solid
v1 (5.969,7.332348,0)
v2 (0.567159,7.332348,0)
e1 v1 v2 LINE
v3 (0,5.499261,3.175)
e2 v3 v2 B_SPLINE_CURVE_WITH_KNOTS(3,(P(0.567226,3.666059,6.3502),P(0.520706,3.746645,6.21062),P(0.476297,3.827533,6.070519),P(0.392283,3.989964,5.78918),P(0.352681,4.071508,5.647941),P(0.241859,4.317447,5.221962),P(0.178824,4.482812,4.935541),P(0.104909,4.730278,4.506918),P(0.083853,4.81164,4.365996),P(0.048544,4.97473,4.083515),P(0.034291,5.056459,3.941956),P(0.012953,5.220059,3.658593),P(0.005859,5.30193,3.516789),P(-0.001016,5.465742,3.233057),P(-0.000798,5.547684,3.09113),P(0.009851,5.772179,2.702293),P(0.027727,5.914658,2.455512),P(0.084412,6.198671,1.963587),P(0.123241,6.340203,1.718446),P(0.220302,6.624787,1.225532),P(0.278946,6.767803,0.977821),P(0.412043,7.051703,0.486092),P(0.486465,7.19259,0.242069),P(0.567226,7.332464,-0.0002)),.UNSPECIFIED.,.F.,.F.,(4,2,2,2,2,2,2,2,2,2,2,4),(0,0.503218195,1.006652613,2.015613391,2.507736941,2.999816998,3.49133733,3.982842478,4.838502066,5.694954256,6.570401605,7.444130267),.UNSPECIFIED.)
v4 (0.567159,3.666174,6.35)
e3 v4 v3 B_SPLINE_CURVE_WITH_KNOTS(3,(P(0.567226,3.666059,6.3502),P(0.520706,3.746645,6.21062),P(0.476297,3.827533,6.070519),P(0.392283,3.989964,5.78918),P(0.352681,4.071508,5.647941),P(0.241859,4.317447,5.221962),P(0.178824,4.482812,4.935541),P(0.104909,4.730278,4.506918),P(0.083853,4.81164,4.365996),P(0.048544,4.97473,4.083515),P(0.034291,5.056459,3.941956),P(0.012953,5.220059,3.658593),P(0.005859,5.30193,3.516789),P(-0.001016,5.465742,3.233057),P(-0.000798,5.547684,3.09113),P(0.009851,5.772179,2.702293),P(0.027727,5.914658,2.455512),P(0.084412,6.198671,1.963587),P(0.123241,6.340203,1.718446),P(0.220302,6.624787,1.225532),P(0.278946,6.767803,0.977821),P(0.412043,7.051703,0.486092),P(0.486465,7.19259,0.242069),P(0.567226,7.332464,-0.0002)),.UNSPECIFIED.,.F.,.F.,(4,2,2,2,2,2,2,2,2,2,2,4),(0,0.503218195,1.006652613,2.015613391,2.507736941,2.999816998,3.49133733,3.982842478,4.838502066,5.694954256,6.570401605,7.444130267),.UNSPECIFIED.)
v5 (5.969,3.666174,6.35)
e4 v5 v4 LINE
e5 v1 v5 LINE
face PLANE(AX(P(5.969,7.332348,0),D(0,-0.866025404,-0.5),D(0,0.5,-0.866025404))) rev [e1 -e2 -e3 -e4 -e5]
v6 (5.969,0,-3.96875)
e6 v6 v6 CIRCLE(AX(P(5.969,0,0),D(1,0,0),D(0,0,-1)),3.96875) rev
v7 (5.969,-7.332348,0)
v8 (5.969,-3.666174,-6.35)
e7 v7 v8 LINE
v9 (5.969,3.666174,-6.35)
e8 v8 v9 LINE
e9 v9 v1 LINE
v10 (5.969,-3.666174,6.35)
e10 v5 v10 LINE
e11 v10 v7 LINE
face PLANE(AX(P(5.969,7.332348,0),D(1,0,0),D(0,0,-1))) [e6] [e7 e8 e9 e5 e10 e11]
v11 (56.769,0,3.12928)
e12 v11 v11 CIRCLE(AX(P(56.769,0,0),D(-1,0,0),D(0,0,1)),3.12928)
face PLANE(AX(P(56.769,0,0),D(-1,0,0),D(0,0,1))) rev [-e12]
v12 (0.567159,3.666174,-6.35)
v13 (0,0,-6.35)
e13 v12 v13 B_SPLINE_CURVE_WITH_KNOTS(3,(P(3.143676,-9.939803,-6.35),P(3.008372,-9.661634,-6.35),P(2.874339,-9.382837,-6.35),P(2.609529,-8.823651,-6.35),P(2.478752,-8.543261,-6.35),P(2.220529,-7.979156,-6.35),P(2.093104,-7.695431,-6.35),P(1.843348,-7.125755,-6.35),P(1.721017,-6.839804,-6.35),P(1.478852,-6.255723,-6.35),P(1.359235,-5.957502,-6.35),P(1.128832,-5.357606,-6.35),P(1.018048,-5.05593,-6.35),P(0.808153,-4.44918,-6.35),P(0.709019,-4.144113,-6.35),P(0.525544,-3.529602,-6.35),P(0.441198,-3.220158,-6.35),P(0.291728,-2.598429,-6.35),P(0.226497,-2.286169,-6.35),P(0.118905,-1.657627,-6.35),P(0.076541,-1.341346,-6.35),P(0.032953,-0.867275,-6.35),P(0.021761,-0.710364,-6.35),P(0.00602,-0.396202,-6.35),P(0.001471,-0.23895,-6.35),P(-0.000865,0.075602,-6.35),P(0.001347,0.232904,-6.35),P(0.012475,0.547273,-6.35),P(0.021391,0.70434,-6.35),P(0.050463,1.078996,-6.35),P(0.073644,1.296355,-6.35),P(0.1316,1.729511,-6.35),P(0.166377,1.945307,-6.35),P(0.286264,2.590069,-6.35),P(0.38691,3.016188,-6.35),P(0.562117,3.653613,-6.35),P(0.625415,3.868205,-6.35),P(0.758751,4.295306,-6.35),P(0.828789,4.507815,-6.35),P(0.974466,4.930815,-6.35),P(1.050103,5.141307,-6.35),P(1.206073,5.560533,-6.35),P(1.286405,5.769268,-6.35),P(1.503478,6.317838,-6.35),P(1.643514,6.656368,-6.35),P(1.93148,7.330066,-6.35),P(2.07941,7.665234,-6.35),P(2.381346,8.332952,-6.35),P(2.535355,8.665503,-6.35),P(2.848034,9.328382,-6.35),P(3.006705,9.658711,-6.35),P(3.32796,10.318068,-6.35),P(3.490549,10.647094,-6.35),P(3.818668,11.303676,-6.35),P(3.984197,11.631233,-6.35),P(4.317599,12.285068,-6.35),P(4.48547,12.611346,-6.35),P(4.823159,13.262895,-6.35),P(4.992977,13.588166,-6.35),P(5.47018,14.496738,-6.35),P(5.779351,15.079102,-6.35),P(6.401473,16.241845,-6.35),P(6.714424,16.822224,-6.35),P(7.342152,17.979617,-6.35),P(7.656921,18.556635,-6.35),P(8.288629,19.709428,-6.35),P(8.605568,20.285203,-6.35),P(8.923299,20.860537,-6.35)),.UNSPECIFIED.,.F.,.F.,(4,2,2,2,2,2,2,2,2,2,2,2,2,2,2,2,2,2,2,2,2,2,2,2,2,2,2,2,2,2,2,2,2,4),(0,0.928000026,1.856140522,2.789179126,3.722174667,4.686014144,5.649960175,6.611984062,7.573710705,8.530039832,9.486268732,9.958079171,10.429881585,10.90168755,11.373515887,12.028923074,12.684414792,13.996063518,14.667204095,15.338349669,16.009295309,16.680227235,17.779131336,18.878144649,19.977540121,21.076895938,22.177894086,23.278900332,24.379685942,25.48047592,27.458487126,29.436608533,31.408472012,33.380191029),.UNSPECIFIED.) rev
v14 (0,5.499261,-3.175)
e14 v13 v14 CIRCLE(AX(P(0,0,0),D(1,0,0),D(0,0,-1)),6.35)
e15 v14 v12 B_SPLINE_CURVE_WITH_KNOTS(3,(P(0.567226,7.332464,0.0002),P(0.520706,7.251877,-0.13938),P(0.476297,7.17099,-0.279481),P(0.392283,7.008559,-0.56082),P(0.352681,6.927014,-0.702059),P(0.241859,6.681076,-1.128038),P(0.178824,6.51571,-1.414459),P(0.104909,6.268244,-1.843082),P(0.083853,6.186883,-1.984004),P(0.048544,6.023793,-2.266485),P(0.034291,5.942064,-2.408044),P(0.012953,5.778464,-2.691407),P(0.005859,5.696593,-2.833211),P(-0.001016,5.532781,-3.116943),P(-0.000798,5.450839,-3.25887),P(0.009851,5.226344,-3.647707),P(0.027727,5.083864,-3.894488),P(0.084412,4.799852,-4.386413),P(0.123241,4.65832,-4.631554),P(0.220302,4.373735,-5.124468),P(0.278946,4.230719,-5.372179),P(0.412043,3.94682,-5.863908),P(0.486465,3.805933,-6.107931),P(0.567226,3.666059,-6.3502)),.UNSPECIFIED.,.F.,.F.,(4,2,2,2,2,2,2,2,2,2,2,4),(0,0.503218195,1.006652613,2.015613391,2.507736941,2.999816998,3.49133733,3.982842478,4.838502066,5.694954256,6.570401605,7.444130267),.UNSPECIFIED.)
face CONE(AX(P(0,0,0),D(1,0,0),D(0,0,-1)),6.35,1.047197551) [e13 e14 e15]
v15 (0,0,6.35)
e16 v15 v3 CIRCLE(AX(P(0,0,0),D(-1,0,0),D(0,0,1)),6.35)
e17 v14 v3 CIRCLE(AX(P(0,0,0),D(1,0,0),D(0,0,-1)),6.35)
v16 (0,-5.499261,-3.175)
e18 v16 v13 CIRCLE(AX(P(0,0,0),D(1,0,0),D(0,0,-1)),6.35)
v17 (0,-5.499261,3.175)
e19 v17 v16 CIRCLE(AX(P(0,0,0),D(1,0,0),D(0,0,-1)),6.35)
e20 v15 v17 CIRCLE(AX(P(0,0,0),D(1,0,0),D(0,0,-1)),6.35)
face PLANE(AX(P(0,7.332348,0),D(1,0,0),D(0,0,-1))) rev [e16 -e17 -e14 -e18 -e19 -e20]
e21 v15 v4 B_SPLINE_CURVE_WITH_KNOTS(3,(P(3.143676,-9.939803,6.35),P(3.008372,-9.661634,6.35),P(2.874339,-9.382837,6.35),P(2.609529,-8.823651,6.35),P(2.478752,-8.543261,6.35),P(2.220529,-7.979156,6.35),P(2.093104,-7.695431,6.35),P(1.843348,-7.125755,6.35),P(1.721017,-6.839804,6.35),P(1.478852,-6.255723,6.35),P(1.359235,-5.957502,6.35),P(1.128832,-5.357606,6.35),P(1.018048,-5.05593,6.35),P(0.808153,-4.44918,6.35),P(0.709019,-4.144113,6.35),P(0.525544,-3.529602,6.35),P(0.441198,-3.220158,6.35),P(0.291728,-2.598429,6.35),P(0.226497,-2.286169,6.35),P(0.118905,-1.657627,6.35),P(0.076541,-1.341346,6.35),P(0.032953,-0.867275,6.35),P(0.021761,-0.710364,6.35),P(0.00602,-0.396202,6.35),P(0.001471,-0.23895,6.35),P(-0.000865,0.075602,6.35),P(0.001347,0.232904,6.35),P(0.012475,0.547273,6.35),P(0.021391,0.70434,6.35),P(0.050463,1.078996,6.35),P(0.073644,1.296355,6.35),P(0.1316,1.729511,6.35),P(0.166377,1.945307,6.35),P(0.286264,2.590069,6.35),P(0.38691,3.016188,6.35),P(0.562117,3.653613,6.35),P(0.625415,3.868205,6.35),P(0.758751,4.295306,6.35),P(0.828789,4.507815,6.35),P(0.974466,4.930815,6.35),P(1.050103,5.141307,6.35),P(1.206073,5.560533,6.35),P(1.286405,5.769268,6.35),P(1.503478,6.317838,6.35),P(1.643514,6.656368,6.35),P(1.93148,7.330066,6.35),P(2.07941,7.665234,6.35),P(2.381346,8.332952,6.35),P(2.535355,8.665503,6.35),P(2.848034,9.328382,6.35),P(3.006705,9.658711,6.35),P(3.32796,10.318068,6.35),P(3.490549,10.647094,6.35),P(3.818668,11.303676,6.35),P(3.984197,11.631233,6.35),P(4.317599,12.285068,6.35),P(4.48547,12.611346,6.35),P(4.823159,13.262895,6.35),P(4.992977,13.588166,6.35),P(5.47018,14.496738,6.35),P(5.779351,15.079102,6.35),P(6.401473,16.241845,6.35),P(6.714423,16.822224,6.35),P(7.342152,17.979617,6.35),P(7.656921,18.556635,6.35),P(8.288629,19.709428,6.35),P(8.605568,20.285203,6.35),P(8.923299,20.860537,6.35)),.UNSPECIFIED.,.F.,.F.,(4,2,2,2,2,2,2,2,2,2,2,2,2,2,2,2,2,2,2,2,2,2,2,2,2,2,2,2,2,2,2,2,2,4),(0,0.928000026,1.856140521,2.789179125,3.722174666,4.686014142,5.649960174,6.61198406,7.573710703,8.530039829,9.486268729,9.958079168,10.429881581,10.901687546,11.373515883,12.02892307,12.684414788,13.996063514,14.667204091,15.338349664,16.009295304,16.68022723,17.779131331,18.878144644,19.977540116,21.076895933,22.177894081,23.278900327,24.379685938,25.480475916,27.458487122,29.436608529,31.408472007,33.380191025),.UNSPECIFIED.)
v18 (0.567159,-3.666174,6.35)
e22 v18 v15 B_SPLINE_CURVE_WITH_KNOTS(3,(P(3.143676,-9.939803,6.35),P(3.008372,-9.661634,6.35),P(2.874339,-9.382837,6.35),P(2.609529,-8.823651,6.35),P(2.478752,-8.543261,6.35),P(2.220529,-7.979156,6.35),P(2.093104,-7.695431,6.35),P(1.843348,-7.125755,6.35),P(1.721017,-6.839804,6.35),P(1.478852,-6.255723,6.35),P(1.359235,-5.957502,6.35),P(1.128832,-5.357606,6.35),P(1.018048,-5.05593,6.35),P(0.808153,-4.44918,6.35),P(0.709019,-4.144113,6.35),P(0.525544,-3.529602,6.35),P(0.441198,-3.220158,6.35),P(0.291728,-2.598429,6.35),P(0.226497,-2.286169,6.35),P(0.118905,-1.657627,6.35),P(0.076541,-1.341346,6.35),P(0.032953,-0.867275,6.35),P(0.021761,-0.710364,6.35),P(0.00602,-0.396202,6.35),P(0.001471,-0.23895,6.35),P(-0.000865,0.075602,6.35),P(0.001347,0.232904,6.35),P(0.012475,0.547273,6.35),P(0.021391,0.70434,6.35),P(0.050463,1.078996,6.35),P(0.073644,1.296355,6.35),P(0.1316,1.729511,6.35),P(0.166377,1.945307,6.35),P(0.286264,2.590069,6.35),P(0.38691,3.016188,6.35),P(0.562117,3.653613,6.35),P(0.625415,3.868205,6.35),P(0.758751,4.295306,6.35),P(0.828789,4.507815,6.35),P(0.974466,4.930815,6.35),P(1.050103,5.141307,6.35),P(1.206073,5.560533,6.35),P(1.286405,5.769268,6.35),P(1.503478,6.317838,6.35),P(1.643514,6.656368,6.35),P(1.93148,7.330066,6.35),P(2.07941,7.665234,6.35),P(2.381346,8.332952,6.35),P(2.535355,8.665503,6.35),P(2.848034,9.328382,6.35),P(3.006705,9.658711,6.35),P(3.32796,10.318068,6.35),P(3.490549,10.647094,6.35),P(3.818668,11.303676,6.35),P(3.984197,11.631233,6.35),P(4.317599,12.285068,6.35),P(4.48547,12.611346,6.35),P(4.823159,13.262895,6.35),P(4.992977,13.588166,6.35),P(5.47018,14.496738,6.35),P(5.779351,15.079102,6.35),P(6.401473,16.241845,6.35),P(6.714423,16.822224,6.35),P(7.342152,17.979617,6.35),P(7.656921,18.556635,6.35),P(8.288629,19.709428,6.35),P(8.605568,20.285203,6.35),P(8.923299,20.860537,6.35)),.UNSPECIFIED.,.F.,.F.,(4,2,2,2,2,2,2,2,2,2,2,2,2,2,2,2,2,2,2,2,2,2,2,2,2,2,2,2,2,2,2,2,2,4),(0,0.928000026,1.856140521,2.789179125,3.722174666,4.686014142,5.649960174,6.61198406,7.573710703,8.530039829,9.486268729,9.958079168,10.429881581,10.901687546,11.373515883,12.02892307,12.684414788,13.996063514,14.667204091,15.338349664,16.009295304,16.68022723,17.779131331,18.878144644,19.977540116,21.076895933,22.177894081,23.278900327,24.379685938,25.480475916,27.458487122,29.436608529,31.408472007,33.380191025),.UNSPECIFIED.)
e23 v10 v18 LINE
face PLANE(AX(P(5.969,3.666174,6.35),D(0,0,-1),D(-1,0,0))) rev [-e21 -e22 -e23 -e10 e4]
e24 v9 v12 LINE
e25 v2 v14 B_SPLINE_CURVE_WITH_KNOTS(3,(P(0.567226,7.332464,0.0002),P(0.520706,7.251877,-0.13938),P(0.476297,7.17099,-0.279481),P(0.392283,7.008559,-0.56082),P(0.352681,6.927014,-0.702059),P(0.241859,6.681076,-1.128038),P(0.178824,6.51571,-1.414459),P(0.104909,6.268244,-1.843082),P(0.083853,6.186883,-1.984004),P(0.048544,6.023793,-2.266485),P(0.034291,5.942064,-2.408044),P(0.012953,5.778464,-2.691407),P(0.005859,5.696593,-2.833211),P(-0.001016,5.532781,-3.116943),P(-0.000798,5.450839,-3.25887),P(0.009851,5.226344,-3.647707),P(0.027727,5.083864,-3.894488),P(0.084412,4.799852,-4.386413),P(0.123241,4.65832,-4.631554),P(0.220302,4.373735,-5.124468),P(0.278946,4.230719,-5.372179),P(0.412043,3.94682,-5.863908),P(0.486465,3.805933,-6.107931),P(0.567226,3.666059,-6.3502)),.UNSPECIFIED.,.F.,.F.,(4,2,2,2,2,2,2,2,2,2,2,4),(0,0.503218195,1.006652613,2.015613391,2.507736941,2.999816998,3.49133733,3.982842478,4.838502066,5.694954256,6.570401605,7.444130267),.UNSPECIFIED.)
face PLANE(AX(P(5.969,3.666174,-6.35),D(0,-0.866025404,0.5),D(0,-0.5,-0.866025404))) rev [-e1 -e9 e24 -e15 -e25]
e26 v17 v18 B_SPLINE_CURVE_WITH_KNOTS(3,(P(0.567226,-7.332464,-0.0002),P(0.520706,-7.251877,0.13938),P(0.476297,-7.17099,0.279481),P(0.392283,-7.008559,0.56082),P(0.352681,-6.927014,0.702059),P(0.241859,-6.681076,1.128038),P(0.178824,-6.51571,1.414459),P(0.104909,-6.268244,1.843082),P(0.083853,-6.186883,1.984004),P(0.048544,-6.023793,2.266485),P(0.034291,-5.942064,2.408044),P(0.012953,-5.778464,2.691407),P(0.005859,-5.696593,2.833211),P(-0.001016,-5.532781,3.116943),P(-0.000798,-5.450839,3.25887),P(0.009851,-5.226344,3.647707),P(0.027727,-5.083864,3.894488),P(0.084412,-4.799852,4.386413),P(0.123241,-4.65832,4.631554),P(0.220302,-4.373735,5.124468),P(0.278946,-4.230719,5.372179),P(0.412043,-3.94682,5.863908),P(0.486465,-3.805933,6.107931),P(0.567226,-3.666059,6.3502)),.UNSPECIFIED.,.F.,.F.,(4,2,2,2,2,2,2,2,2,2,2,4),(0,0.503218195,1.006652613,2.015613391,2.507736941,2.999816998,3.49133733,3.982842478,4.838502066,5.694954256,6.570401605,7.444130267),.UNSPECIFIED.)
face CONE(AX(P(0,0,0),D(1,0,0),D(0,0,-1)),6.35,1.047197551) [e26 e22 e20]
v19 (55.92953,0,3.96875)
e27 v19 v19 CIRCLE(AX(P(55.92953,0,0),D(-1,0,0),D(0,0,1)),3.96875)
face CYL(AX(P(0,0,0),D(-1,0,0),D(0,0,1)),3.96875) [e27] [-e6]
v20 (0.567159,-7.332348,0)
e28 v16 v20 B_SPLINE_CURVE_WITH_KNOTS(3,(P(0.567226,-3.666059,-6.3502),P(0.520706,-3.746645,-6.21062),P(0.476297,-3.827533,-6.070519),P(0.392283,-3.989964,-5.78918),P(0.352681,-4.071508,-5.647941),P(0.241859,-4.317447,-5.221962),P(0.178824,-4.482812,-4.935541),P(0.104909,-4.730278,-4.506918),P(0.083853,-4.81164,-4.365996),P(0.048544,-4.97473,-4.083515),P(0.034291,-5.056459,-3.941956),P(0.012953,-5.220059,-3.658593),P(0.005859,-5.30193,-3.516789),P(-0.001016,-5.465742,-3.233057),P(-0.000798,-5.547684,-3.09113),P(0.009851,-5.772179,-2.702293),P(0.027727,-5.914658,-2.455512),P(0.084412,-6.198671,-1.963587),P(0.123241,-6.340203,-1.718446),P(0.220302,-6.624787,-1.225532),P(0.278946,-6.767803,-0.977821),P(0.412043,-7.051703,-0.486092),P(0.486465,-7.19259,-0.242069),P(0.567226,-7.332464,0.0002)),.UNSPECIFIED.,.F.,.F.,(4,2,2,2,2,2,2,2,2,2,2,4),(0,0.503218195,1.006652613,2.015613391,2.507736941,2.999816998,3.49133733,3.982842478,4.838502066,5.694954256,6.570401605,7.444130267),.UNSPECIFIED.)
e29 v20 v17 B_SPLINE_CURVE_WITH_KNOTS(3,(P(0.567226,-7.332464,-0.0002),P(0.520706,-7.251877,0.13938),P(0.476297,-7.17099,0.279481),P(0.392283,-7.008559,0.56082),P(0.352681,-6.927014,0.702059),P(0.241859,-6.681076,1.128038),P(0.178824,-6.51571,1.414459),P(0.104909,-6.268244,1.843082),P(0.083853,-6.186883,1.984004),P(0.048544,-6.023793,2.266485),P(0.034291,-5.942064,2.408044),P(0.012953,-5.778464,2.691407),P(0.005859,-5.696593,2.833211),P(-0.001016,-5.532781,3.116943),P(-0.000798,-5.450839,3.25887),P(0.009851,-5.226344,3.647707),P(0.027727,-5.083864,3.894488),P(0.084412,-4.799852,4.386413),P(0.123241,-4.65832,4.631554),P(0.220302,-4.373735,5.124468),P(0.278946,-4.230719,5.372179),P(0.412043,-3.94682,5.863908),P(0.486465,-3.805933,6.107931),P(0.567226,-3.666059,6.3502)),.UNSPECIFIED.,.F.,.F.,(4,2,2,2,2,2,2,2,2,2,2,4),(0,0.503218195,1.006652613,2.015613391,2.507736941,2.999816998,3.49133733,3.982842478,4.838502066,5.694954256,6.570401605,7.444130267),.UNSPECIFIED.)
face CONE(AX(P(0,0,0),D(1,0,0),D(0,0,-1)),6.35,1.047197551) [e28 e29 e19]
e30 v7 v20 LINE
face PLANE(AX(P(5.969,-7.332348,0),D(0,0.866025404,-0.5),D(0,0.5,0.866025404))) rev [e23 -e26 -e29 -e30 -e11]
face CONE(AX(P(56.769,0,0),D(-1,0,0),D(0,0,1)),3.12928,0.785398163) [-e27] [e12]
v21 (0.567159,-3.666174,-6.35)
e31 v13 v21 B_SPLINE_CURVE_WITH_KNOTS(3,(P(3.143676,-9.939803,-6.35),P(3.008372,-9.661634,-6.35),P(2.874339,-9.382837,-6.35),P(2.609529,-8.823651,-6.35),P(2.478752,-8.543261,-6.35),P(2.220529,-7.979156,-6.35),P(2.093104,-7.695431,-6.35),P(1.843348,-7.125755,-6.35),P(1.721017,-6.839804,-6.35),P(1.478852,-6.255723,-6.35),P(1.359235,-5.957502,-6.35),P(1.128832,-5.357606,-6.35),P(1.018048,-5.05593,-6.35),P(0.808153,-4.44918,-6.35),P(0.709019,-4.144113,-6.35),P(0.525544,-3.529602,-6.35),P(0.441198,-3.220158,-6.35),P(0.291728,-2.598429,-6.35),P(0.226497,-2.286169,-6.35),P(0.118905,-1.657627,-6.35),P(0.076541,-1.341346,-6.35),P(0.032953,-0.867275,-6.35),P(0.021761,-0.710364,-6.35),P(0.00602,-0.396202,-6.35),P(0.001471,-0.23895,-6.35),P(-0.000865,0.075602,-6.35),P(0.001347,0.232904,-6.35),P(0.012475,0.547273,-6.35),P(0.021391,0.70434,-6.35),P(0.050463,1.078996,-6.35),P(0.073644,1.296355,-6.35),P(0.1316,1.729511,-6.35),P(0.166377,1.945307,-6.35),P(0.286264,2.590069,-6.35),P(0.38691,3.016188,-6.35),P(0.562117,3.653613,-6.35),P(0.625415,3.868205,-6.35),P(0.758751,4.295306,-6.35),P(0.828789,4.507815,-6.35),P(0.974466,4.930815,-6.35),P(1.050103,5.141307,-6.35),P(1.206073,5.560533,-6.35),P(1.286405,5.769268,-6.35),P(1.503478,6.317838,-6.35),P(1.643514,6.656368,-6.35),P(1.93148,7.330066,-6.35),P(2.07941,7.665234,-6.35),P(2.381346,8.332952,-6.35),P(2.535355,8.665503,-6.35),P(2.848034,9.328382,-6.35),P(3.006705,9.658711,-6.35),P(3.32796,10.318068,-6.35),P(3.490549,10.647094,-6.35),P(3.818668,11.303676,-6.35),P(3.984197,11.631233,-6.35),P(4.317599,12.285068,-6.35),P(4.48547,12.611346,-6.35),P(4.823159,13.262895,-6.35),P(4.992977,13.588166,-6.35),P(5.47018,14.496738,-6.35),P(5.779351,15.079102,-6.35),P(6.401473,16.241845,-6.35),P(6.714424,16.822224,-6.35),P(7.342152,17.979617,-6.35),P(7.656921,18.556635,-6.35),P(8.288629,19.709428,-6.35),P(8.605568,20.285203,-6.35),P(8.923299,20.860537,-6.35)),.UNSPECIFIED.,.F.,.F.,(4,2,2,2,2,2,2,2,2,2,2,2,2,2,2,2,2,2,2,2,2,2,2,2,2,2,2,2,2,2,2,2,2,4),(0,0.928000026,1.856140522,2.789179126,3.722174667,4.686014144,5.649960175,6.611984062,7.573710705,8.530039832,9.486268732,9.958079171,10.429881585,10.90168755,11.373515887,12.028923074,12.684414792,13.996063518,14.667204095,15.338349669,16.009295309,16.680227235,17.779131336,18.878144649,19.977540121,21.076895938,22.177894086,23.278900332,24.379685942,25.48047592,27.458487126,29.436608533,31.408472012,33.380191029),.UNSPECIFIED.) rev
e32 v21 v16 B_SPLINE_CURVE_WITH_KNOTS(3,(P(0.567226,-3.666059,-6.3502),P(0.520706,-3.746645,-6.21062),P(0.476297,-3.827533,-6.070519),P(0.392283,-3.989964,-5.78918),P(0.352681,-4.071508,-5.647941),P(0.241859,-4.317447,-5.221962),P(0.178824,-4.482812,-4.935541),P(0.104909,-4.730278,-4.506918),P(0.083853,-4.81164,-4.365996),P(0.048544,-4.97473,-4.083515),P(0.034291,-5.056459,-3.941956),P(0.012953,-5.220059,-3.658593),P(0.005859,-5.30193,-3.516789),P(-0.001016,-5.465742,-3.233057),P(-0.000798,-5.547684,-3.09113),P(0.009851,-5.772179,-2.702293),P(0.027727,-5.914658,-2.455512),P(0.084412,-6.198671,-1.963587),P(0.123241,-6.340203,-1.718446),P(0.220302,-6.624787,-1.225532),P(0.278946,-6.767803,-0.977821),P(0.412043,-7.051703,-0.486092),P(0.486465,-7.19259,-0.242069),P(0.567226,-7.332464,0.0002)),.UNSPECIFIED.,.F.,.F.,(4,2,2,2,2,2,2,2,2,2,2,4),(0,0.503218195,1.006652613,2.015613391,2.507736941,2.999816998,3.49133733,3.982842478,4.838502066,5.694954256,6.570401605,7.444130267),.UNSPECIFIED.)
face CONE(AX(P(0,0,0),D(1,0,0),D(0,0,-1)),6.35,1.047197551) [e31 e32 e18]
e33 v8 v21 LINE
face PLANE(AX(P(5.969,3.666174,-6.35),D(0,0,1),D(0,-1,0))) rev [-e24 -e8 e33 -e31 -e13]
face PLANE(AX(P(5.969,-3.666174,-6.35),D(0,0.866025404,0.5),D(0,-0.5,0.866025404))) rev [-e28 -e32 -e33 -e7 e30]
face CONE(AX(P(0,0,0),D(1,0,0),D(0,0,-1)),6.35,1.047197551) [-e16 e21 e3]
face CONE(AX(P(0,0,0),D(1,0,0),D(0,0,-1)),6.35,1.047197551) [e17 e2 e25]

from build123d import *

# Parameters (mm, degrees)
BASEHEAD_DEPTH = 5.969


with BuildPart() as part:
    # Sketch1 → BaseHead (new body)
    with BuildSketch(Plane(origin=(0, 0, 0), x_dir=(0, 0, -1), z_dir=(1, 0, 0))):
        Polygon((6.35, 3.666174209), (6.35, -3.666174209), (0, -7.332348419), (-6.35, -3.666174209), (-6.35, 3.666174209), (0, 7.332348419), align=None)
    extrude(amount=BASEHEAD_DEPTH)

    # BodySke → BaseBody (revolve)
    with BuildSketch(Plane.XY):
        Polygon((0, 0), (56.769, 0), (56.769, 3.12928), (55.92953, 3.96875), (0, 3.96875), align=None)
    revolve(axis=Axis((0, 0, 0), (1, 0, 0)))

    # Sketch3 → HeadChamfer (revolve, cut)
    with BuildSketch(Plane.XY):
        Polygon((0, 6.35), (4.233333333, 13.682348419), (4.233333333, 20.032348419), (-12.7, 20.032348419), (-12.7, 6.35), align=None)
    revolve(axis=Axis((0, 0, 0), (1, 0, 0)), mode=Mode.SUBTRACT)


solid = part.part
